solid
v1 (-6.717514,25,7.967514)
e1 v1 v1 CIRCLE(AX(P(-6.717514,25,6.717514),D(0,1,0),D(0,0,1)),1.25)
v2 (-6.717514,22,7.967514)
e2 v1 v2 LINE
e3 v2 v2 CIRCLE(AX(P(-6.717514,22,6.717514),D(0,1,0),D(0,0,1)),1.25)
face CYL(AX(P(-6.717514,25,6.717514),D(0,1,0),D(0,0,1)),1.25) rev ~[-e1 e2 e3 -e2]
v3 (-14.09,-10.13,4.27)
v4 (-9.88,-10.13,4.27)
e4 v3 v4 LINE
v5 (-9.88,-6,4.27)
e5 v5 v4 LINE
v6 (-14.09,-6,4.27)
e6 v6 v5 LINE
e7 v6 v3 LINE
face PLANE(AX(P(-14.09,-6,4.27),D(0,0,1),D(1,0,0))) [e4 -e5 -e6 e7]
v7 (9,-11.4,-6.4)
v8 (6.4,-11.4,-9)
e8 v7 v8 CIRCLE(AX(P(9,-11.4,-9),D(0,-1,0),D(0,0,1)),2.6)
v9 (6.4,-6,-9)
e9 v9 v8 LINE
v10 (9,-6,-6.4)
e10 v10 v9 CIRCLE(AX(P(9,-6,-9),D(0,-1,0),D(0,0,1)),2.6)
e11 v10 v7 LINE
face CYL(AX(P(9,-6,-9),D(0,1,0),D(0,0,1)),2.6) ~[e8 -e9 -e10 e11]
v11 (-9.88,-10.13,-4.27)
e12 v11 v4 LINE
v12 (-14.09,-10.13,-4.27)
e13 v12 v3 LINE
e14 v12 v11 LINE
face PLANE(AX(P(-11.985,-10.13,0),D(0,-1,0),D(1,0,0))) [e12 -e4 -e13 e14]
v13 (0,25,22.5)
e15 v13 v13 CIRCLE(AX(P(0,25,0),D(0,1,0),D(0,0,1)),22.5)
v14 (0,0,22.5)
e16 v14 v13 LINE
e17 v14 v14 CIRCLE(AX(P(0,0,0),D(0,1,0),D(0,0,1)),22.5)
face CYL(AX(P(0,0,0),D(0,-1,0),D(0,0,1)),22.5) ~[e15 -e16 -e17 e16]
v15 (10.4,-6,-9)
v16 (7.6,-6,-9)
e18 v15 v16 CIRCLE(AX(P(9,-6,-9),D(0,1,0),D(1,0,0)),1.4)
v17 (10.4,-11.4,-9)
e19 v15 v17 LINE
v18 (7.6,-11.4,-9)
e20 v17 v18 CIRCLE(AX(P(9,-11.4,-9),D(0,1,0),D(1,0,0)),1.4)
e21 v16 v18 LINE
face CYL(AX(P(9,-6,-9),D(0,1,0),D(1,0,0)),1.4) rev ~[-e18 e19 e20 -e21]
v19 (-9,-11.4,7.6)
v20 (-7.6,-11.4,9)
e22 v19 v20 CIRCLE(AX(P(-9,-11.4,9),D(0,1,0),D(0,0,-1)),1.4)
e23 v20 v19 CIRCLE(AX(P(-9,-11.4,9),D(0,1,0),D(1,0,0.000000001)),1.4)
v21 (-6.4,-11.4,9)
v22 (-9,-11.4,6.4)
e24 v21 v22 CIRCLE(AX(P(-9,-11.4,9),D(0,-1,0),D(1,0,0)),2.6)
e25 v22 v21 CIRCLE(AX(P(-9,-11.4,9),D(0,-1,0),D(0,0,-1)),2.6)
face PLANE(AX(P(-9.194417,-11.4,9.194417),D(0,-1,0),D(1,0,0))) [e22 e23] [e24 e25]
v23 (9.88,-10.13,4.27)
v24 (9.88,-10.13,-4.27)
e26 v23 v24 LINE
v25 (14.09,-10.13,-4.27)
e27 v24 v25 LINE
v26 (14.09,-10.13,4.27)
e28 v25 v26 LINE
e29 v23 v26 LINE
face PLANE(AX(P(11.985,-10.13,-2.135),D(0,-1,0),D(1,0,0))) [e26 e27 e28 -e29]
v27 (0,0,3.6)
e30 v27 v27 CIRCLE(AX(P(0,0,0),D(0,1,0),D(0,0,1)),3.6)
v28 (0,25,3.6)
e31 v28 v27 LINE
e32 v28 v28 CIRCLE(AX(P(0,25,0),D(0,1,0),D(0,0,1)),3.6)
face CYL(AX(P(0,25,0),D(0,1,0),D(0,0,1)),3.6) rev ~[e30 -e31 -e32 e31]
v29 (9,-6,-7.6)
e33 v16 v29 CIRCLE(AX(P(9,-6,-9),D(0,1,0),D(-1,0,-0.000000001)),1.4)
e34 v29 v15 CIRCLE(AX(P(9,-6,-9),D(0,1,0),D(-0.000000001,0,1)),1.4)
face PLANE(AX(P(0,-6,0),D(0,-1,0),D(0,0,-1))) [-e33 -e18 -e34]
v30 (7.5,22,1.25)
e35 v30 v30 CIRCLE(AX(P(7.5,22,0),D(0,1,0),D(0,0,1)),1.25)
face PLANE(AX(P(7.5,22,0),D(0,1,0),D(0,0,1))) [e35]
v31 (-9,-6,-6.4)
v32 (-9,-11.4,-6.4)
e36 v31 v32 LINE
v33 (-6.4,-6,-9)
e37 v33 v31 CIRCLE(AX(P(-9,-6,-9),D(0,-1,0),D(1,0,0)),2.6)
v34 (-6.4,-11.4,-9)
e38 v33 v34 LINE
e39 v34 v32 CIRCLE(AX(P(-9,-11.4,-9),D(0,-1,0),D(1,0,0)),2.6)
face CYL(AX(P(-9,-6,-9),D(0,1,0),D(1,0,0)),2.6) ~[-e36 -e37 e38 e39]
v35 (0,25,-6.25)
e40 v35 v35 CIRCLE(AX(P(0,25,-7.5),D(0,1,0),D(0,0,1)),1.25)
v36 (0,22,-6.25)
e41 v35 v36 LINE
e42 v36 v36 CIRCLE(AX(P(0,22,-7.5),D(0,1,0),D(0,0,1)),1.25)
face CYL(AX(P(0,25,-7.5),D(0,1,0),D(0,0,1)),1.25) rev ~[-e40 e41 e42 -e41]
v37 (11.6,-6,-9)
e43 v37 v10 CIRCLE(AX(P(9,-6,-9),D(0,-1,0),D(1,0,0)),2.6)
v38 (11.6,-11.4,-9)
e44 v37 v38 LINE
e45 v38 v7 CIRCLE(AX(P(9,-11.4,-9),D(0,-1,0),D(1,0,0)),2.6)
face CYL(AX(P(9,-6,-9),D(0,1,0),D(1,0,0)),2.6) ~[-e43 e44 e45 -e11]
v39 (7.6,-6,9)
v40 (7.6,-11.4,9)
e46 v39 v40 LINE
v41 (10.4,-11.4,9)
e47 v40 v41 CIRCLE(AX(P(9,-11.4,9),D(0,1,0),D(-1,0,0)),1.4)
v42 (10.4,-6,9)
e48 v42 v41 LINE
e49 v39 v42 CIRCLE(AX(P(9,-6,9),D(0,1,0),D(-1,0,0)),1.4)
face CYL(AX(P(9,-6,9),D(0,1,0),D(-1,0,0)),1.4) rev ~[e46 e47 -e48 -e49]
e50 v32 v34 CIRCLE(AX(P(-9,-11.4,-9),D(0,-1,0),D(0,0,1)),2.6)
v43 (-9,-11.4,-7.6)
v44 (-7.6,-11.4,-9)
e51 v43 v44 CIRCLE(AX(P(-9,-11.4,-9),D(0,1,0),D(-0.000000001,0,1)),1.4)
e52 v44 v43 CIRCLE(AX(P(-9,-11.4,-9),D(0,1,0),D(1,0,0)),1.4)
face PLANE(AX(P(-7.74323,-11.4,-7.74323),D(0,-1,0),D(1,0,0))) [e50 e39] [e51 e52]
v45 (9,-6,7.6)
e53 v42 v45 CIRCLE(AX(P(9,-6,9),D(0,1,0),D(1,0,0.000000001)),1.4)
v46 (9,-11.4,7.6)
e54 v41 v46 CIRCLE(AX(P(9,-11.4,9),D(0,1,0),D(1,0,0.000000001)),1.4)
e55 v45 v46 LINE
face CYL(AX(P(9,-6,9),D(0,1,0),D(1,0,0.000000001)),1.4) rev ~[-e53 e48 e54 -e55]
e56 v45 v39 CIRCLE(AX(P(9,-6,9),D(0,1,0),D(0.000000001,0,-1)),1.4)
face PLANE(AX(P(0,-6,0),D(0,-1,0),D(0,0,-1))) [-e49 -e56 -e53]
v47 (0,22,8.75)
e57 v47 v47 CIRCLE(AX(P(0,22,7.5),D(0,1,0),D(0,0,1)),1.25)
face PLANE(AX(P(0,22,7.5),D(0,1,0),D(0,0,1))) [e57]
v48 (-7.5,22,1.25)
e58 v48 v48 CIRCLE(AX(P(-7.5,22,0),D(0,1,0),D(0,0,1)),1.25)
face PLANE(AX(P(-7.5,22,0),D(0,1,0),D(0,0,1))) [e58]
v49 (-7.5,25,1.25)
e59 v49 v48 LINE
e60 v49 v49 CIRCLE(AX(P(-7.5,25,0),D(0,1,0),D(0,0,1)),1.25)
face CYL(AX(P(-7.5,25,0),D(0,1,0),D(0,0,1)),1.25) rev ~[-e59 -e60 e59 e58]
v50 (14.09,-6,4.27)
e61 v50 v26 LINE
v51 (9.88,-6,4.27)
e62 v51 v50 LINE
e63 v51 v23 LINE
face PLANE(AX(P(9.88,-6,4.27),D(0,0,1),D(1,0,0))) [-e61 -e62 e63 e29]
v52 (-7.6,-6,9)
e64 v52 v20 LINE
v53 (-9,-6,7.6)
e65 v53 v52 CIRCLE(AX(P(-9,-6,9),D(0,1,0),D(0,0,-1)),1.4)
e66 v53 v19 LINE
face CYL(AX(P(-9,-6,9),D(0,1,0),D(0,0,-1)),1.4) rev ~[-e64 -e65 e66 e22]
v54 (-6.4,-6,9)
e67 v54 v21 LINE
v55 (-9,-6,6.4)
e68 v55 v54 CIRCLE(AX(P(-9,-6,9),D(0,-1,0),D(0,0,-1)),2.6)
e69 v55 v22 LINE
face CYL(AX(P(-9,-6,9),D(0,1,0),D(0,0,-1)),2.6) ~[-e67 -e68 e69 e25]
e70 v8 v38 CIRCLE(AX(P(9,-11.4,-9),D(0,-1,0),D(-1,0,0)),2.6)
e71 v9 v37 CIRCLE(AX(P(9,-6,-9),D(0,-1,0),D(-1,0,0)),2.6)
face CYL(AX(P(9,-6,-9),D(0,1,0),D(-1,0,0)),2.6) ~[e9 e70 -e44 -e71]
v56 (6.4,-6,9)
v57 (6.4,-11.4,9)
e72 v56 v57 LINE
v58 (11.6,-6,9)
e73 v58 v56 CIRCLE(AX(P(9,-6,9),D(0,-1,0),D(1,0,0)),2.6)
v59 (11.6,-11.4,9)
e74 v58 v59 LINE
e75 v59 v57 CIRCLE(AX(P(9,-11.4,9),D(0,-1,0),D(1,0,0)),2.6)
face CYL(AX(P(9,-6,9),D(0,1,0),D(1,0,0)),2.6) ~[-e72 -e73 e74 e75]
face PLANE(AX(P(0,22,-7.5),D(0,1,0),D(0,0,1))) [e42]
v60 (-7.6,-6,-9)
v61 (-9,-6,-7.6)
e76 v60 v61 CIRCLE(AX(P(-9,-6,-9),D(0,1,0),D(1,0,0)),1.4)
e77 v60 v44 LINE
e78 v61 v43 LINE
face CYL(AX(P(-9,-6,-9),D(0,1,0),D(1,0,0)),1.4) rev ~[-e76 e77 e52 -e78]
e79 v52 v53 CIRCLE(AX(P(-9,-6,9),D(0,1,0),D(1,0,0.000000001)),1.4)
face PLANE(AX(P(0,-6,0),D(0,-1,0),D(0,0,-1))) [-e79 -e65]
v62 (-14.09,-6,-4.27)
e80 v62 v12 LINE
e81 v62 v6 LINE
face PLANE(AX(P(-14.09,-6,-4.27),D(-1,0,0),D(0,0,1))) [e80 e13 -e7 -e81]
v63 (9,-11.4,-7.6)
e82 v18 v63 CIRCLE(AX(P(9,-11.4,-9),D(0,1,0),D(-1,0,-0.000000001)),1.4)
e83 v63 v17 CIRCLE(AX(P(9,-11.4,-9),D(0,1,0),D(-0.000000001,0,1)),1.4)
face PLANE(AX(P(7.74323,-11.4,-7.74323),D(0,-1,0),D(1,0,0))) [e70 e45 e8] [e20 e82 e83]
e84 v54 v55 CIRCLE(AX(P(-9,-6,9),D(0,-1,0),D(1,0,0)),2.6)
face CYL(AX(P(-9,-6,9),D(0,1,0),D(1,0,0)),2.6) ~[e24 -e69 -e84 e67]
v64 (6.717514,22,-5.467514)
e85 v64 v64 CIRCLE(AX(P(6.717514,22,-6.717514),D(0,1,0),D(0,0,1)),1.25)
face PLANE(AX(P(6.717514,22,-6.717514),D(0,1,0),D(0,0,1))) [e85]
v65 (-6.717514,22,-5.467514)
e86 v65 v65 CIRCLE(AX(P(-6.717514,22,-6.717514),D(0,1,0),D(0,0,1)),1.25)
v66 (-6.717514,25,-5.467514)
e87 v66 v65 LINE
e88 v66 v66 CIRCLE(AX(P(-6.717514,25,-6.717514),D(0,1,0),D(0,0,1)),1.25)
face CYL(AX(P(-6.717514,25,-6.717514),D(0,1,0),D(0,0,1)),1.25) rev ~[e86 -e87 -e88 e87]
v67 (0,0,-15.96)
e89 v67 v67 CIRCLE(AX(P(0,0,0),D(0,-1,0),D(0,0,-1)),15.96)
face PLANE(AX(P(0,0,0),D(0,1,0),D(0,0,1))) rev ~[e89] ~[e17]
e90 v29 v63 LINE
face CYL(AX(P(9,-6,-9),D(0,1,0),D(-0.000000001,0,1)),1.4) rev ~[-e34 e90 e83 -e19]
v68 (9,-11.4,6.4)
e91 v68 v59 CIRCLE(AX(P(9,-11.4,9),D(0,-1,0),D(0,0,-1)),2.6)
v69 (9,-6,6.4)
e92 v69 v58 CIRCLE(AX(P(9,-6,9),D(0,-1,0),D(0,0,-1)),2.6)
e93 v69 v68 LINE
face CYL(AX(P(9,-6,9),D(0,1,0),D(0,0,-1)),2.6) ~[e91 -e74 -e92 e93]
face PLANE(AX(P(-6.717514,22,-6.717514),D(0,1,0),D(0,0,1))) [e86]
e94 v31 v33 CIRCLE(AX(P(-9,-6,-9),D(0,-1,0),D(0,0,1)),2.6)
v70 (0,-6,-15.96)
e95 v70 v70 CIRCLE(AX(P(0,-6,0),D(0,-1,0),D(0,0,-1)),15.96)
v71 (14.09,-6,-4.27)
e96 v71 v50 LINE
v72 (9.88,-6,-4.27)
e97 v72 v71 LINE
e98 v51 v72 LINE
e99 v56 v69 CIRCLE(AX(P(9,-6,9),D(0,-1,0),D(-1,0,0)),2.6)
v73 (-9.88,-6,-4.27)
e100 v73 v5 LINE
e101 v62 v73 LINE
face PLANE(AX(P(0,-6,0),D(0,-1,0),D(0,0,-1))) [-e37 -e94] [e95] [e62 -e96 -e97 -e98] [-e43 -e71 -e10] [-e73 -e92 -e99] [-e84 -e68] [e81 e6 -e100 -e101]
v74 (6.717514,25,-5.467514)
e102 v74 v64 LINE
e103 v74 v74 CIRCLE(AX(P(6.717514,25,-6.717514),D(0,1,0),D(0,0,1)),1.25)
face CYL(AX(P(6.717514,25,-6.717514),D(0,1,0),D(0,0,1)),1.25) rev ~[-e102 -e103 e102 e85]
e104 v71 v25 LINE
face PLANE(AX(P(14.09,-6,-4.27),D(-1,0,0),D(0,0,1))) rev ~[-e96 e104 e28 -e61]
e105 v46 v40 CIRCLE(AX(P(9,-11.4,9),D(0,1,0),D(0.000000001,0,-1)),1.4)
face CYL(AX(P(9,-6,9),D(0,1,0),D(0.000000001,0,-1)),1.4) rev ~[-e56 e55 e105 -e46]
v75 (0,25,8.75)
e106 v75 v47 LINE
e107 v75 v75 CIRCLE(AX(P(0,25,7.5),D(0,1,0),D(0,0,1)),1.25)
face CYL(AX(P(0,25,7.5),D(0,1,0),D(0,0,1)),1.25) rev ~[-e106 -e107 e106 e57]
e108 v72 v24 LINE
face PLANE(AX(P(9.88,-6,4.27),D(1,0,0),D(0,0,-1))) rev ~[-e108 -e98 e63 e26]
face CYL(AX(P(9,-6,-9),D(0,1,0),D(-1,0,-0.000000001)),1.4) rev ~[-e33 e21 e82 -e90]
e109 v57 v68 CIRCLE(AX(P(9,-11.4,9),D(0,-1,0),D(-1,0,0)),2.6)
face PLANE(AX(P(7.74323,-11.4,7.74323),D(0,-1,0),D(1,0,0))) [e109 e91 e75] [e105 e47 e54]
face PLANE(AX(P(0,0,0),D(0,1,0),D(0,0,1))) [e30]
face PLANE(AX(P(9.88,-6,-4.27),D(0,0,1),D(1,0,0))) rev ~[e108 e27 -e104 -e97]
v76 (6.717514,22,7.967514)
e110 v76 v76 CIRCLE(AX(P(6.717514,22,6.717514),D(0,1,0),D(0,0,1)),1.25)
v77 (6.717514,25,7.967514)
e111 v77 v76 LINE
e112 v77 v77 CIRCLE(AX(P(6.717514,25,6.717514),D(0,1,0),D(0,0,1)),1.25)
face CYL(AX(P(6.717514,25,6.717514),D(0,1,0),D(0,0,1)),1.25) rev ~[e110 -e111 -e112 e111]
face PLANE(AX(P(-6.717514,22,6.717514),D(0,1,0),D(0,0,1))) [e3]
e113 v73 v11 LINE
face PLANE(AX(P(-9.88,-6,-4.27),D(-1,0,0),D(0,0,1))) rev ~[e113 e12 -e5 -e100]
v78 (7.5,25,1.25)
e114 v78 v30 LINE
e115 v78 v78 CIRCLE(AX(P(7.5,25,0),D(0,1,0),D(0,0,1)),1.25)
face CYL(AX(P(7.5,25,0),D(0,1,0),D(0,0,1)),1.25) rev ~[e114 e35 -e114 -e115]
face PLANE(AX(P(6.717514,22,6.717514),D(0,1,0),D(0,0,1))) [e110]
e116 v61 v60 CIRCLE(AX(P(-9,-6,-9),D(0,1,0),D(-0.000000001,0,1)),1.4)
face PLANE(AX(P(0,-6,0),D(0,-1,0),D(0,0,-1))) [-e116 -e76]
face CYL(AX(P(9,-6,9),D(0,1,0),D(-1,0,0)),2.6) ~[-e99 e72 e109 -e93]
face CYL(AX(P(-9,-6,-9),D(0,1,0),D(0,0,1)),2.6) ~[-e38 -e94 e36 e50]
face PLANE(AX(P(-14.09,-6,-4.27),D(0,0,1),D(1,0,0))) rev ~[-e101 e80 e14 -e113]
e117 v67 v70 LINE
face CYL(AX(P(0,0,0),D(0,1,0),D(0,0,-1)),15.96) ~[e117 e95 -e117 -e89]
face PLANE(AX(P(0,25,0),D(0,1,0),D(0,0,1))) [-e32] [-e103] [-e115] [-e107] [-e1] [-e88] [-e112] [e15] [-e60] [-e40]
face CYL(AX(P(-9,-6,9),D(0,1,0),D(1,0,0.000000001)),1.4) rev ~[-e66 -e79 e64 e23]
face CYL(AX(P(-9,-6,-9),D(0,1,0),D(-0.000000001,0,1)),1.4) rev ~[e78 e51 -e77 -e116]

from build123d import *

# Parameters (mm, degrees)
SKETCH_1_R          = 22.5
EXTRUDE_1_DEPTH     = 25
SKETCH_2_R          = 15.96
EXTRUDE_2_DEPTH     = 6
EXTRUDE_3_DEPTH     = 5.4
SKETCH_4_W          = 4.21
SKETCH_4_H          = 8.54
SKETCH_4_H_2        = 4.27
EXTRUDE_4_DEPTH     = 4.13
SKETCH_5_R          = 1.25
CUT_EXTRUDE_1_DEPTH = 3
SKETCH_6_R          = 3.6
CUT_EXTRUDE_2_DEPTH = 25


with BuildPart() as part:
    # 草图1 → 凸台-拉伸1 (new body)
    with BuildSketch(Plane(origin=(0, 0, 0), x_dir=(1, 0, 0), z_dir=(0, 1, 0))):
        with Locations(Location((0, 0, 0), (0, 0, 270))):
            Circle(SKETCH_1_R)
    extrude(amount=EXTRUDE_1_DEPTH)

    # 草图2 → 凸台-拉伸2 (add)
    with BuildSketch(Plane.XZ):
        with Locations(Location((0, 0, 0), (0, 0, 270))):
            Circle(SKETCH_2_R)
    extrude(amount=EXTRUDE_2_DEPTH)

    # 草图3 → 凸台-拉伸3 (add)
    with BuildSketch(Plane.XZ.offset(6)):
        with BuildLine():
            ThreePointArc((-6.4, 9), (-10.838477631, 10.838477631), (-9, 6.4))
            Line((-9, 6.4), (-9, 7.6))
            ThreePointArc((-9, 7.6), (-9.989949494, 9.989949494), (-7.6, 9))
            Line((-7.6, 9), (-6.4, 9))
        make_face()
        with BuildLine():
            Line((-9, 7.6), (-9, 6.4))
            ThreePointArc((-9, 6.4), (-7.161522369, 7.161522369), (-6.4, 9))
            Line((-6.4, 9), (-7.6, 9))
            ThreePointArc((-7.6, 9), (-8.010050506, 8.010050506), (-9, 7.6))
        make_face()
        with BuildLine():
            ThreePointArc((6.4, 9), (7.161522369, 7.161522369), (9, 6.4))
            Line((9, 6.4), (9, 7.6))
            ThreePointArc((9, 7.6), (8.010050506, 8.010050506), (7.6, 9))
            Line((7.6, 9), (6.4, 9))
        make_face()
        with BuildLine():
            Line((9, 7.6), (9, 6.4))
            ThreePointArc((9, 6.4), (10.838477631, 7.161522369), (11.6, 9))
            ThreePointArc((11.6, 9), (9, 11.6), (6.4, 9))
            Line((6.4, 9), (7.6, 9))
            ThreePointArc((7.6, 9), (9, 10.4), (10.4, 9))
            ThreePointArc((10.4, 9), (9.989949494, 8.010050506), (9, 7.6))
        make_face()
        with BuildLine():
            ThreePointArc((9, -6.4), (7.161522369, -7.161522369), (6.4, -9))
            Line((6.4, -9), (7.6, -9))
            ThreePointArc((7.6, -9), (8.010050506, -8.010050506), (9, -7.6))
            Line((9, -7.6), (9, -6.4))
        make_face()
        with BuildLine():
            Line((7.6, -9), (6.4, -9))
            ThreePointArc((6.4, -9), (9, -11.6), (11.6, -9))
            ThreePointArc((11.6, -9), (10.838477631, -7.161522369), (9, -6.4))
            Line((9, -6.4), (9, -7.6))
            ThreePointArc((9, -7.6), (9.989949494, -8.010050506), (10.4, -9))
            ThreePointArc((10.4, -9), (9, -10.4), (7.6, -9))
        make_face()
        with BuildLine():
            ThreePointArc((-9, -7.6), (-8.010050506, -8.010050506), (-7.6, -9))
            Line((-7.6, -9), (-6.4, -9))
            ThreePointArc((-6.4, -9), (-7.161522369, -7.161522369), (-9, -6.4))
            Line((-9, -6.4), (-9, -7.6))
        make_face()
        with BuildLine():
            Line((-6.4, -9), (-7.6, -9))
            ThreePointArc((-7.6, -9), (-9.989949494, -9.989949494), (-9, -7.6))
            Line((-9, -7.6), (-9, -6.4))
            ThreePointArc((-9, -6.4), (-10.838477631, -10.838477631), (-6.4, -9))
        make_face()
    extrude(amount=EXTRUDE_3_DEPTH)

    # 草图4 → 凸台-拉伸4 (add)
    with BuildSketch(Plane.XZ.offset(6)):
        with Locations((-11.985, 0)):
            Rectangle(SKETCH_4_W, SKETCH_4_H)
        with Locations((11.985, -2.135)):
            Rectangle(SKETCH_4_W, SKETCH_4_H_2)
        with Locations((11.985, 2.135)):
            Rectangle(SKETCH_4_W, SKETCH_4_H_2)
    extrude(amount=EXTRUDE_4_DEPTH)

    # 草图5 → 切除-拉伸1 (cut)
    with BuildSketch(Plane(origin=(0, 25, 0), x_dir=(1, 0, 0), z_dir=(0, 1, 0))):
        with Locations(Location((7.5, 0, 0), (0, 0, 270))):
            Circle(SKETCH_5_R)
        with Locations(Location((-7.5, 0, 0), (0, 0, 270))):
            Circle(SKETCH_5_R)
        with Locations(Location((0, 7.5, 0), (0, 0, 270))):
            Circle(SKETCH_5_R)
        with Locations(Location((0, -7.5, 0), (0, 0, 270))):
            Circle(SKETCH_5_R)
        with Locations(Location((6.717514421, 6.717514421, 0), (0, 0, 270))):
            Circle(SKETCH_5_R)
        with Locations(Location((-6.717514421, -6.717514421, 0), (0, 0, 270))):
            Circle(SKETCH_5_R)
        with Locations(Location((6.717514421, -6.717514421, 0), (0, 0, 270))):
            Circle(SKETCH_5_R)
        with Locations(Location((-6.717514421, 6.717514421, 0), (0, 0, 270))):
            Circle(SKETCH_5_R)
    extrude(amount=-CUT_EXTRUDE_1_DEPTH, mode=Mode.SUBTRACT)

    # 草图6 → 切除-拉伸2 (cut)
    with BuildSketch(Plane(origin=(0, 25, 0), x_dir=(1, 0, 0), z_dir=(0, 1, 0))):
        with Locations(Location((0, 0, 0), (0, 0, 270))):
            Circle(SKETCH_6_R)
    extrude(amount=-CUT_EXTRUDE_2_DEPTH, mode=Mode.SUBTRACT)


solid = part.part
